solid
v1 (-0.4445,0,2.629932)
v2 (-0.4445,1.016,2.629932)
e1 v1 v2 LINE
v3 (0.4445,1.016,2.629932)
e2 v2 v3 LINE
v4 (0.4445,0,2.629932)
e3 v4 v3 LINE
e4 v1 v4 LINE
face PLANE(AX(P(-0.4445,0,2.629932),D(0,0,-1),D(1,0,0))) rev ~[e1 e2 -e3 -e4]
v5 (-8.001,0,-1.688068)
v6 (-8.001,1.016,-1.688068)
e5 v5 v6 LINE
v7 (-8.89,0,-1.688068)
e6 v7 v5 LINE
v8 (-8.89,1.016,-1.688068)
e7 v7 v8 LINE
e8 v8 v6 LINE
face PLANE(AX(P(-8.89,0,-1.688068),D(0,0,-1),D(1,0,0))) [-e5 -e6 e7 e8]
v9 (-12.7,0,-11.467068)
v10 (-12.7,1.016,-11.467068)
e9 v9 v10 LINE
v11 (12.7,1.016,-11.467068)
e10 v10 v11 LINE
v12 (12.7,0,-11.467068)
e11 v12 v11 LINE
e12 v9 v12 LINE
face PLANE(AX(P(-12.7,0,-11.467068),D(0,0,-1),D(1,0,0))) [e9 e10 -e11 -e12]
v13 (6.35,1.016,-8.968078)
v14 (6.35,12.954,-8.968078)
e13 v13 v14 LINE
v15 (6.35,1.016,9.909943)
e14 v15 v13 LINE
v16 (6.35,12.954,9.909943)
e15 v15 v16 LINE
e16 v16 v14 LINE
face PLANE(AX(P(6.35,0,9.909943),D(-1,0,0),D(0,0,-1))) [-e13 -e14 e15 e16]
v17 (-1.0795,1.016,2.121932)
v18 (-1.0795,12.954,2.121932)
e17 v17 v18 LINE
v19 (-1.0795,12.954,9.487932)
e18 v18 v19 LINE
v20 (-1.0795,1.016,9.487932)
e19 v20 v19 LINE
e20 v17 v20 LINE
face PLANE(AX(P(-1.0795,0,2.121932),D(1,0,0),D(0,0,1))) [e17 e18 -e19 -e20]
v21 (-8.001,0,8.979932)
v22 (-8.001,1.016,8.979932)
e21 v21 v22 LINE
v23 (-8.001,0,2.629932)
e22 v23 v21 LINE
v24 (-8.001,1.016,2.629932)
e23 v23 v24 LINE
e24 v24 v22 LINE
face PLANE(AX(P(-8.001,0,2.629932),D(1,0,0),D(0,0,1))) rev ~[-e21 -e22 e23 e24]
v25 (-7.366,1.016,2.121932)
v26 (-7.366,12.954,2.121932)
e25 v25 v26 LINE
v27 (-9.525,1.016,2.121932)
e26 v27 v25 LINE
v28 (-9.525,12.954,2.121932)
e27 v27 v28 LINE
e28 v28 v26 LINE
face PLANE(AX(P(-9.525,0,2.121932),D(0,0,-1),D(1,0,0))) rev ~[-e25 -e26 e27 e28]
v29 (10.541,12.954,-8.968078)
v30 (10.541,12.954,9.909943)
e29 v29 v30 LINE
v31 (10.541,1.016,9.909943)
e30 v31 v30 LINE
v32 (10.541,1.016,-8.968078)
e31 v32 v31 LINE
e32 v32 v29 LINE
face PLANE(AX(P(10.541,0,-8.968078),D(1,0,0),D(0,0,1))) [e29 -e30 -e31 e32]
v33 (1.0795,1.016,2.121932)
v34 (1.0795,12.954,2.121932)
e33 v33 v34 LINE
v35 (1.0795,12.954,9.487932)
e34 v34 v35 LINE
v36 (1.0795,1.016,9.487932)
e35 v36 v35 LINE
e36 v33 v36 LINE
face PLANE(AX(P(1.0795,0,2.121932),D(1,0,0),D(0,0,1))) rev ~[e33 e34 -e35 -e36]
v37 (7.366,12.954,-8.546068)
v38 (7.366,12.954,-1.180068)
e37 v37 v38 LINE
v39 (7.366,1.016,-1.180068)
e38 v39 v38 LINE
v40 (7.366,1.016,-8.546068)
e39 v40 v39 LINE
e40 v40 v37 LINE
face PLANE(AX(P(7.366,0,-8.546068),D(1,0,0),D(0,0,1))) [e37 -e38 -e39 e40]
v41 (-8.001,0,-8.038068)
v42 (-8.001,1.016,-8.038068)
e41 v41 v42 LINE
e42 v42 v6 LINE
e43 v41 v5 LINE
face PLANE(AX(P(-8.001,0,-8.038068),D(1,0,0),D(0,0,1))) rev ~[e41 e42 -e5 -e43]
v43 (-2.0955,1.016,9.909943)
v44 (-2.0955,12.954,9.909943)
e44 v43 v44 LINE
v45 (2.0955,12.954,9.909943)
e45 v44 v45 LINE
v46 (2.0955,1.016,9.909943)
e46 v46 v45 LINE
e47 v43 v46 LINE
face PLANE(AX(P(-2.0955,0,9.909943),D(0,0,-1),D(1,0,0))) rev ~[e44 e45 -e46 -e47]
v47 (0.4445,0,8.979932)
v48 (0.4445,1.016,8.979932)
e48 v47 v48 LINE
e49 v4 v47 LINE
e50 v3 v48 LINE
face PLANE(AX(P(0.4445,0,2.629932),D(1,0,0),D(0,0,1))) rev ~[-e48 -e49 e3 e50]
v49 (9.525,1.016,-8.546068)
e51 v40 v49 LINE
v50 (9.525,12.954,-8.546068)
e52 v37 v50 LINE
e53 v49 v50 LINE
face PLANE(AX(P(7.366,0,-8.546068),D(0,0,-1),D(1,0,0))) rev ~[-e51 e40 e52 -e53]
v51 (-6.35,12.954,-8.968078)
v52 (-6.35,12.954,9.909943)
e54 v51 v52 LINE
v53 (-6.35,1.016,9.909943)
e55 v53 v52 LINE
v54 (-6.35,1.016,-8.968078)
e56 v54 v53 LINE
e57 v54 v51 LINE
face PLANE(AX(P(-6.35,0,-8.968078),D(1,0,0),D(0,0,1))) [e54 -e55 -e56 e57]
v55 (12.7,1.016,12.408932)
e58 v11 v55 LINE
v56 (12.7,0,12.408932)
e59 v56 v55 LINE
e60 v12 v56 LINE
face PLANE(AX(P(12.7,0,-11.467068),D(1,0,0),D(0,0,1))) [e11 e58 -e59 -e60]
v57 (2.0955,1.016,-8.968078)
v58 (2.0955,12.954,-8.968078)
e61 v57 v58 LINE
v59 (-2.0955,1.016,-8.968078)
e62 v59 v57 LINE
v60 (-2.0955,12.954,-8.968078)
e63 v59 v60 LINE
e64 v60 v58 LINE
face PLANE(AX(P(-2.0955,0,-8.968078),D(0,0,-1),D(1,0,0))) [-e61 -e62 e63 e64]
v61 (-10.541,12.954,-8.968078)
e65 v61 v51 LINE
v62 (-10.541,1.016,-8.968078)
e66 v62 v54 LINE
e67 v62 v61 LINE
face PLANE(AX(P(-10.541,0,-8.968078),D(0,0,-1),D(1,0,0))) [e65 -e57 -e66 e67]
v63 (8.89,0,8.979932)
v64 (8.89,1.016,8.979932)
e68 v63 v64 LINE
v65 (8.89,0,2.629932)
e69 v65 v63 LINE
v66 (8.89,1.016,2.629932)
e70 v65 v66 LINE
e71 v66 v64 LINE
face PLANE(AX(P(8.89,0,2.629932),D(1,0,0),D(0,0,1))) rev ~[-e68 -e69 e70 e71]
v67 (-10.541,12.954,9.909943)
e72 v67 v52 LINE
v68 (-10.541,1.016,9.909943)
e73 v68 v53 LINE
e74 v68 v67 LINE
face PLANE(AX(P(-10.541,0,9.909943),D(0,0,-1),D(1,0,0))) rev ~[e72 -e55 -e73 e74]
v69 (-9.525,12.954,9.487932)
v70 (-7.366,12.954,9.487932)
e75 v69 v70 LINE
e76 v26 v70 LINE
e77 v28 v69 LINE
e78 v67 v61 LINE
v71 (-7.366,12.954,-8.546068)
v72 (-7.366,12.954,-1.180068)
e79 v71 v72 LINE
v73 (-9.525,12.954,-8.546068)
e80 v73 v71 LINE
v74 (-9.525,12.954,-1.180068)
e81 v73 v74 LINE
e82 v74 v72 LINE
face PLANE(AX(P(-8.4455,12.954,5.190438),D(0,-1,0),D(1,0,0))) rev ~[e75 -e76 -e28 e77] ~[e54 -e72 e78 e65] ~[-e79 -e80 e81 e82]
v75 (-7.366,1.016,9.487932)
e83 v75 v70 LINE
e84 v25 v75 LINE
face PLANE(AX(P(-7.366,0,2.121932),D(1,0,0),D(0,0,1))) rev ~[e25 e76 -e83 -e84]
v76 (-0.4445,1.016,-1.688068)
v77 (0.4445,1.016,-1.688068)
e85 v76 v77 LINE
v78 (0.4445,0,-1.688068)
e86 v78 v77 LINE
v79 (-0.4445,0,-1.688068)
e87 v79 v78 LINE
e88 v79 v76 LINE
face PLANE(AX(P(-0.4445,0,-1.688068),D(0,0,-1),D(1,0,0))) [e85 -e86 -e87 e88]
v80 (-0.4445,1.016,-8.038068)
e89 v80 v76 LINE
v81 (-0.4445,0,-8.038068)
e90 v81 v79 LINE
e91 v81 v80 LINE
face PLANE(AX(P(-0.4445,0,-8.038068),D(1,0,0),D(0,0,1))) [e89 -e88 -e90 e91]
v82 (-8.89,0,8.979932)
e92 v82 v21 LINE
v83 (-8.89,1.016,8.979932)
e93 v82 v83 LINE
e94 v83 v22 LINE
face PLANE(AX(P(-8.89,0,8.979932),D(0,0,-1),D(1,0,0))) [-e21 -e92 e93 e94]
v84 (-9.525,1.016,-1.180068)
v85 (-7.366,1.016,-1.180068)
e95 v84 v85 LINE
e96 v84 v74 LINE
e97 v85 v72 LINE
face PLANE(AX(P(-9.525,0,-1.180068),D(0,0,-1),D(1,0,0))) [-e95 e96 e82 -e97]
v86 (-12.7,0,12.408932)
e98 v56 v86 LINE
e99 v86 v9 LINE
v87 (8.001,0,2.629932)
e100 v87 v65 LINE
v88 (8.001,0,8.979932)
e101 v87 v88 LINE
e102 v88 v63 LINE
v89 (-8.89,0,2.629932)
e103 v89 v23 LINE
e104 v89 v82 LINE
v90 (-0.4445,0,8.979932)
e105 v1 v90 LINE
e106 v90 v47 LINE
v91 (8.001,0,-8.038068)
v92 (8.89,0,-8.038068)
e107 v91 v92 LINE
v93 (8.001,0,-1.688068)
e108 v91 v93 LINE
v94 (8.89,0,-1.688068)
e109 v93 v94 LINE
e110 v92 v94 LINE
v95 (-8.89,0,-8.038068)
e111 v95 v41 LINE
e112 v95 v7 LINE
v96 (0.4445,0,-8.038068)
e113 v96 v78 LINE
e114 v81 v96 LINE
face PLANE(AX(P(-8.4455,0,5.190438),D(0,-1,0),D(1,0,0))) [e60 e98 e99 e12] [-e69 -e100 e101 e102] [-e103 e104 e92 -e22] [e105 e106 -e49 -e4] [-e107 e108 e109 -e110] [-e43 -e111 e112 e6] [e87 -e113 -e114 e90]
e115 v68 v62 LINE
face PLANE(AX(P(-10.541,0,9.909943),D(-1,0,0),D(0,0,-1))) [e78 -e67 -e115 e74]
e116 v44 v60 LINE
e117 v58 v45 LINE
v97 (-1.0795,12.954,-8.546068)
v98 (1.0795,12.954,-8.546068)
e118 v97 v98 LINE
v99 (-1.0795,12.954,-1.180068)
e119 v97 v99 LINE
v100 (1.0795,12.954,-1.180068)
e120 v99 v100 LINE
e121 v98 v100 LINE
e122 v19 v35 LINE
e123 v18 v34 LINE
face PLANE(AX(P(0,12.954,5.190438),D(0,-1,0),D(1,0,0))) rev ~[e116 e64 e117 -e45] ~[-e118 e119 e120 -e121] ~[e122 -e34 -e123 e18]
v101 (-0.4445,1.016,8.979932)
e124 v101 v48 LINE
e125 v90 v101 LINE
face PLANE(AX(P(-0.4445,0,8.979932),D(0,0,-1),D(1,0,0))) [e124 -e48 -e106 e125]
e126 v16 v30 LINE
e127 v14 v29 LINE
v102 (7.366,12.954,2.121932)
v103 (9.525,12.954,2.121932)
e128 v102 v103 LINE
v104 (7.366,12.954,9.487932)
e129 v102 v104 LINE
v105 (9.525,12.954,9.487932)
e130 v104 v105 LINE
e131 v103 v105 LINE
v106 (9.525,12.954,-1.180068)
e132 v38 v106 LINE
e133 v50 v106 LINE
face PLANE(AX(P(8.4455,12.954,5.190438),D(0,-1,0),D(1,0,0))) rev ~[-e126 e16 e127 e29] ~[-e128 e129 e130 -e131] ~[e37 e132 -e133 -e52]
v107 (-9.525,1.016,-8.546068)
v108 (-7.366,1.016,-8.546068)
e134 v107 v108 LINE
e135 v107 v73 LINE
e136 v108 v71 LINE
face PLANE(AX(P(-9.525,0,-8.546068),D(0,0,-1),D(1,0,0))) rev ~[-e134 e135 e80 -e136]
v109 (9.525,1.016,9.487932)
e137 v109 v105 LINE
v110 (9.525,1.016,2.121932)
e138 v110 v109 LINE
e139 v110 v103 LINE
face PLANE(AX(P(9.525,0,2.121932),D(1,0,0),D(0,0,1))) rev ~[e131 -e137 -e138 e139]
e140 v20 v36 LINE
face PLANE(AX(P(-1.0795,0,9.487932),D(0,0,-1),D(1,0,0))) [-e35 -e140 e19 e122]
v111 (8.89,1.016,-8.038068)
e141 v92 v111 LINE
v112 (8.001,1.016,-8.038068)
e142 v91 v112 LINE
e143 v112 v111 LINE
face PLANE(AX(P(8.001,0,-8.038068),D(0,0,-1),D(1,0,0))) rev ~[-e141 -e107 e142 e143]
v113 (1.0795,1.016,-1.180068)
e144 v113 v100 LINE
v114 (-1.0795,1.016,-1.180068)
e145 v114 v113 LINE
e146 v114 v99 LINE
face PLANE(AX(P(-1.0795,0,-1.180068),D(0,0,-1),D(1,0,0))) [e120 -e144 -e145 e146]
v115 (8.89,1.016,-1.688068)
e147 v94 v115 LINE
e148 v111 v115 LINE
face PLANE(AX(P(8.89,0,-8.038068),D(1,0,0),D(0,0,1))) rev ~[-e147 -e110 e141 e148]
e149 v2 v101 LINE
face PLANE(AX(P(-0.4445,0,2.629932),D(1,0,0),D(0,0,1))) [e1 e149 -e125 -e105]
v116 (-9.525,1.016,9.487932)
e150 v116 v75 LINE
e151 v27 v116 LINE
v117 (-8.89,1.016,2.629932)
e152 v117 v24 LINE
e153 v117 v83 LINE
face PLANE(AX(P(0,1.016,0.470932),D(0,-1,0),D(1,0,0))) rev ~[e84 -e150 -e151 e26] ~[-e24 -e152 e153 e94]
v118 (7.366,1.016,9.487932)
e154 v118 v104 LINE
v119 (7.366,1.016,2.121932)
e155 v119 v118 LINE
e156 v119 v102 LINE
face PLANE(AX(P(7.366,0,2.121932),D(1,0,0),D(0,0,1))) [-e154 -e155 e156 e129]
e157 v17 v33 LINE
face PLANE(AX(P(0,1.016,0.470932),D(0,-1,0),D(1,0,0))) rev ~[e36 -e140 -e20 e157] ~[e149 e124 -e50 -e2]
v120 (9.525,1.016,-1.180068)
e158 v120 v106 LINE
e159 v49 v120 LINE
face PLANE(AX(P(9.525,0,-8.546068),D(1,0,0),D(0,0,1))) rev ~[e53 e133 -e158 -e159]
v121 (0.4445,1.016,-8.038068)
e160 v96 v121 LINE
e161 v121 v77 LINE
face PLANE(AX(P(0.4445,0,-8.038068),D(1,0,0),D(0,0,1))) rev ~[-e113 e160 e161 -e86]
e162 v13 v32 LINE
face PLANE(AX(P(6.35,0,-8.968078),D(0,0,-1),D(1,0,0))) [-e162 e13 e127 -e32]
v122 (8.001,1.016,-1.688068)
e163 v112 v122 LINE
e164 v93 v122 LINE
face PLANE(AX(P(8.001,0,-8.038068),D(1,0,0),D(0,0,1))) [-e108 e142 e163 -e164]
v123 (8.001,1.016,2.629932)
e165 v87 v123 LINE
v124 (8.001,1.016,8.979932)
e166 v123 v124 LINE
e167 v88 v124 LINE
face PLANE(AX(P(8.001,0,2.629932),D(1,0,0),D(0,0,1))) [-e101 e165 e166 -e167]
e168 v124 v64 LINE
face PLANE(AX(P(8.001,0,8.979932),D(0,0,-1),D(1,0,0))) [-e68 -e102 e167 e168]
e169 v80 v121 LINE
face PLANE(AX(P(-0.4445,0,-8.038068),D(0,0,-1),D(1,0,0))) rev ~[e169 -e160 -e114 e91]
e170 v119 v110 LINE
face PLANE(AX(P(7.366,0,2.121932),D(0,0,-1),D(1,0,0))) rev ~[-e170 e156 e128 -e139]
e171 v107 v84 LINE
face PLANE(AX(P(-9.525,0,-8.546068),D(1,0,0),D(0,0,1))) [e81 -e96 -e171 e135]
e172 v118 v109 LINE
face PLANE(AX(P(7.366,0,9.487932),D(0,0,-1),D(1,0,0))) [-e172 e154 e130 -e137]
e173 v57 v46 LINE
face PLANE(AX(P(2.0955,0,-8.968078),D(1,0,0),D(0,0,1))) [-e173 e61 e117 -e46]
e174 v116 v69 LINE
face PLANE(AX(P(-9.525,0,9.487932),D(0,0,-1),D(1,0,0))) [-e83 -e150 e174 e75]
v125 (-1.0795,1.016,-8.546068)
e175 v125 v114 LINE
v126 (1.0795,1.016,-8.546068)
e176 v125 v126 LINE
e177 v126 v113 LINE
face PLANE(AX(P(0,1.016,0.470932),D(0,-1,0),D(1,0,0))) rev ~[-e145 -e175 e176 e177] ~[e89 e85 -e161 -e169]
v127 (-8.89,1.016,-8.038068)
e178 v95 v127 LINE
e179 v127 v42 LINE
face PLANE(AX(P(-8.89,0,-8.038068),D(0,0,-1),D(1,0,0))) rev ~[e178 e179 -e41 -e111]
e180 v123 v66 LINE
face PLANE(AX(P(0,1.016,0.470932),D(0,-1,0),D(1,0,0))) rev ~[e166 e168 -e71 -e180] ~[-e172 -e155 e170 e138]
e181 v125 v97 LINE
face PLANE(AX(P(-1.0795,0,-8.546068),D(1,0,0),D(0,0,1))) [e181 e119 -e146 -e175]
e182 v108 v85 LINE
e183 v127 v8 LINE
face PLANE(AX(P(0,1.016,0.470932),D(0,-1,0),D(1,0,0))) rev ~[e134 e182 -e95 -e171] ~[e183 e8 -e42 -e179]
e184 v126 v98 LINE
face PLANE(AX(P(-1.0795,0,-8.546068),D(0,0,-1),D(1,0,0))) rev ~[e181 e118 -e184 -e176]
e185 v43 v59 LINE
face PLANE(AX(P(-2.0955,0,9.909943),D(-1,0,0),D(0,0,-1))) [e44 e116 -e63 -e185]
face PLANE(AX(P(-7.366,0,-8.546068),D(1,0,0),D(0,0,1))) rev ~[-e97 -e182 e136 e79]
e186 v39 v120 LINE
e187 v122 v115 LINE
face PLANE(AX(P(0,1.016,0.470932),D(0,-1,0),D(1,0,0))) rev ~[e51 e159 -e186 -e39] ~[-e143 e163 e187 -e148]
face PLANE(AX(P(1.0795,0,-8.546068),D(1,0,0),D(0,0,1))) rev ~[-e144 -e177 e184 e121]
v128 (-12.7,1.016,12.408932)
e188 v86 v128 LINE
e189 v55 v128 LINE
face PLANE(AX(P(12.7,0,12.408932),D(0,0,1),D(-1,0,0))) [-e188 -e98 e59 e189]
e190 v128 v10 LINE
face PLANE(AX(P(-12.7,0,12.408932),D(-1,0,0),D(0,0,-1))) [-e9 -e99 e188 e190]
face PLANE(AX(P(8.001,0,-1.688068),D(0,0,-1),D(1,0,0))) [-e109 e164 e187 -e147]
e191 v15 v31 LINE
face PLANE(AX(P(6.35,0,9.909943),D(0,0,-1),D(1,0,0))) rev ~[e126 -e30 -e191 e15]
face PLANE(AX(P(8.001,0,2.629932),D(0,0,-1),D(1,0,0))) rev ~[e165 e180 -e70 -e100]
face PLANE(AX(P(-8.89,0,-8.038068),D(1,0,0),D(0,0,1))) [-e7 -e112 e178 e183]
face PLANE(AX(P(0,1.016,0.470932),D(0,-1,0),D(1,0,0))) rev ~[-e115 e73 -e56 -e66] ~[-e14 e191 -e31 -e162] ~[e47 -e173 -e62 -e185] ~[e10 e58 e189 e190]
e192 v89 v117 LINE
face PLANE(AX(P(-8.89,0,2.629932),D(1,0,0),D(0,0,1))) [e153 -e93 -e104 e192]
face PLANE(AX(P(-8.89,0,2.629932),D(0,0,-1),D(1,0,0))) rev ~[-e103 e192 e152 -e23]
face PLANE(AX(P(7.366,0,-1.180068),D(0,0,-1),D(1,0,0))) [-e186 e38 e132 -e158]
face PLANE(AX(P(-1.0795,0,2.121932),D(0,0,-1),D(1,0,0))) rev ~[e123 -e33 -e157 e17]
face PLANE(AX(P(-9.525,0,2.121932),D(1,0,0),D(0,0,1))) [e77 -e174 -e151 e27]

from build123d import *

# Parameters (mm, degrees)
F0_W     = 4.191
F0_H     = 9.4390108662
F0_W_2   = 2.159
F0_H_2   = 7.366
F0_W_3   = 0.889
F0_H_3   = 6.35
F1_DEPTH = 1.016
F2_DEPTH = 12.954


with BuildPart() as f1:
    # F0 (on Front) → F1 (new body)
    with BuildSketch(Plane.XZ):
        Polygon((-8.4455, 12.408932417), (-12.7, 12.408932417), (-12.7, -11.467067583), (12.7, -11.467067583), (12.7, 12.408932417), (0, 12.408932417), align=None)
        Polygon((-6.35, 9.9099432833), (-6.35, 0.470932417), (-6.35, -8.9680784492), (-10.541, -8.9680784492), (-10.541, 0.470932417), (-10.541, 9.9099432833), align=None, mode=Mode.SUBTRACT)
        Polygon((-2.0955, -8.9680784492), (-2.0955, 0.470932417), (-2.0955, 9.9099432833), (2.0955, 9.9099432833), (2.0955, 0.470932417), (2.0955, -8.9680784492), align=None, mode=Mode.SUBTRACT)
        Polygon((6.35, -8.9680784492), (6.35, 0.470932417), (6.35, 9.9099432833), (10.541, 9.9099432833), (10.541, 0.470932417), (10.541, -8.9680784492), align=None, mode=Mode.SUBTRACT)
        with Locations((-8.4455, 5.1904378501)):
            Rectangle(F0_W, F0_H)
        with Locations((-8.4455, 5.804932417)):
            Rectangle(F0_W_2, F0_H_2, mode=Mode.SUBTRACT)
        with Locations((-8.4455, 5.804932417)):
            Rectangle(F0_W_2, F0_H_2)
        with Locations((-8.4455, 5.804932417)):
            Rectangle(F0_W_3, F0_H_3, mode=Mode.SUBTRACT)
        with Locations((0, 5.1904378501)):
            Rectangle(F0_W, F0_H)
        with Locations((0, 5.804932417)):
            Rectangle(F0_W_2, F0_H_2, mode=Mode.SUBTRACT)
        with Locations((0, 5.804932417)):
            Rectangle(F0_W_2, F0_H_2)
        with Locations((0, 5.804932417)):
            Rectangle(F0_W_3, F0_H_3, mode=Mode.SUBTRACT)
        with Locations((0, -4.2485730161)):
            Rectangle(F0_W, F0_H)
        with Locations((0, -4.863067583)):
            Rectangle(F0_W_2, F0_H_2, mode=Mode.SUBTRACT)
        with Locations((0, -4.863067583)):
            Rectangle(F0_W_2, F0_H_2)
        with Locations((0, -4.863067583)):
            Rectangle(F0_W_3, F0_H_3, mode=Mode.SUBTRACT)
        with Locations((-8.4455, -4.2485730161)):
            Rectangle(F0_W, F0_H)
        with Locations((-8.4455, -4.863067583)):
            Rectangle(F0_W_2, F0_H_2, mode=Mode.SUBTRACT)
        with Locations((-8.4455, -4.863067583)):
            Rectangle(F0_W_2, F0_H_2)
        with Locations((-8.4455, -4.863067583)):
            Rectangle(F0_W_3, F0_H_3, mode=Mode.SUBTRACT)
        with Locations((8.4455, -4.2485730161)):
            Rectangle(F0_W, F0_H)
        with Locations((8.4455, -4.863067583)):
            Rectangle(F0_W_2, F0_H_2, mode=Mode.SUBTRACT)
        with Locations((8.4455, -4.863067583)):
            Rectangle(F0_W_2, F0_H_2)
        with Locations((8.4455, -4.863067583)):
            Rectangle(F0_W_3, F0_H_3, mode=Mode.SUBTRACT)
        with Locations((8.4455, 5.1904378501)):
            Rectangle(F0_W, F0_H)
        with Locations((8.4455, 5.804932417)):
            Rectangle(F0_W_2, F0_H_2, mode=Mode.SUBTRACT)
        with Locations((8.4455, 5.804932417)):
            Rectangle(F0_W_2, F0_H_2)
        with Locations((8.4455, 5.804932417)):
            Rectangle(F0_W_3, F0_H_3, mode=Mode.SUBTRACT)
    extrude(amount=-F1_DEPTH)

    # F0 (on Front) → F2 (join)
    with BuildSketch(Plane.XZ):
        with Locations((-8.4455, 5.1904378501)):
            Rectangle(F0_W, F0_H)
        with Locations((-8.4455, 5.804932417)):
            Rectangle(F0_W_2, F0_H_2, mode=Mode.SUBTRACT)
        with Locations((-8.4455, -4.2485730161)):
            Rectangle(F0_W, F0_H)
        with Locations((-8.4455, -4.863067583)):
            Rectangle(F0_W_2, F0_H_2, mode=Mode.SUBTRACT)
        with Locations((0, 5.1904378501)):
            Rectangle(F0_W, F0_H)
        with Locations((0, 5.804932417)):
            Rectangle(F0_W_2, F0_H_2, mode=Mode.SUBTRACT)
        with Locations((0, -4.2485730161)):
            Rectangle(F0_W, F0_H)
        with Locations((0, -4.863067583)):
            Rectangle(F0_W_2, F0_H_2, mode=Mode.SUBTRACT)
        with Locations((8.4455, 5.1904378501)):
            Rectangle(F0_W, F0_H)
        with Locations((8.4455, 5.804932417)):
            Rectangle(F0_W_2, F0_H_2, mode=Mode.SUBTRACT)
        with Locations((8.4455, -4.2485730161)):
            Rectangle(F0_W, F0_H)
        with Locations((8.4455, -4.863067583)):
            Rectangle(F0_W_2, F0_H_2, mode=Mode.SUBTRACT)
    extrude(amount=-F2_DEPTH)


solid = f1.part
